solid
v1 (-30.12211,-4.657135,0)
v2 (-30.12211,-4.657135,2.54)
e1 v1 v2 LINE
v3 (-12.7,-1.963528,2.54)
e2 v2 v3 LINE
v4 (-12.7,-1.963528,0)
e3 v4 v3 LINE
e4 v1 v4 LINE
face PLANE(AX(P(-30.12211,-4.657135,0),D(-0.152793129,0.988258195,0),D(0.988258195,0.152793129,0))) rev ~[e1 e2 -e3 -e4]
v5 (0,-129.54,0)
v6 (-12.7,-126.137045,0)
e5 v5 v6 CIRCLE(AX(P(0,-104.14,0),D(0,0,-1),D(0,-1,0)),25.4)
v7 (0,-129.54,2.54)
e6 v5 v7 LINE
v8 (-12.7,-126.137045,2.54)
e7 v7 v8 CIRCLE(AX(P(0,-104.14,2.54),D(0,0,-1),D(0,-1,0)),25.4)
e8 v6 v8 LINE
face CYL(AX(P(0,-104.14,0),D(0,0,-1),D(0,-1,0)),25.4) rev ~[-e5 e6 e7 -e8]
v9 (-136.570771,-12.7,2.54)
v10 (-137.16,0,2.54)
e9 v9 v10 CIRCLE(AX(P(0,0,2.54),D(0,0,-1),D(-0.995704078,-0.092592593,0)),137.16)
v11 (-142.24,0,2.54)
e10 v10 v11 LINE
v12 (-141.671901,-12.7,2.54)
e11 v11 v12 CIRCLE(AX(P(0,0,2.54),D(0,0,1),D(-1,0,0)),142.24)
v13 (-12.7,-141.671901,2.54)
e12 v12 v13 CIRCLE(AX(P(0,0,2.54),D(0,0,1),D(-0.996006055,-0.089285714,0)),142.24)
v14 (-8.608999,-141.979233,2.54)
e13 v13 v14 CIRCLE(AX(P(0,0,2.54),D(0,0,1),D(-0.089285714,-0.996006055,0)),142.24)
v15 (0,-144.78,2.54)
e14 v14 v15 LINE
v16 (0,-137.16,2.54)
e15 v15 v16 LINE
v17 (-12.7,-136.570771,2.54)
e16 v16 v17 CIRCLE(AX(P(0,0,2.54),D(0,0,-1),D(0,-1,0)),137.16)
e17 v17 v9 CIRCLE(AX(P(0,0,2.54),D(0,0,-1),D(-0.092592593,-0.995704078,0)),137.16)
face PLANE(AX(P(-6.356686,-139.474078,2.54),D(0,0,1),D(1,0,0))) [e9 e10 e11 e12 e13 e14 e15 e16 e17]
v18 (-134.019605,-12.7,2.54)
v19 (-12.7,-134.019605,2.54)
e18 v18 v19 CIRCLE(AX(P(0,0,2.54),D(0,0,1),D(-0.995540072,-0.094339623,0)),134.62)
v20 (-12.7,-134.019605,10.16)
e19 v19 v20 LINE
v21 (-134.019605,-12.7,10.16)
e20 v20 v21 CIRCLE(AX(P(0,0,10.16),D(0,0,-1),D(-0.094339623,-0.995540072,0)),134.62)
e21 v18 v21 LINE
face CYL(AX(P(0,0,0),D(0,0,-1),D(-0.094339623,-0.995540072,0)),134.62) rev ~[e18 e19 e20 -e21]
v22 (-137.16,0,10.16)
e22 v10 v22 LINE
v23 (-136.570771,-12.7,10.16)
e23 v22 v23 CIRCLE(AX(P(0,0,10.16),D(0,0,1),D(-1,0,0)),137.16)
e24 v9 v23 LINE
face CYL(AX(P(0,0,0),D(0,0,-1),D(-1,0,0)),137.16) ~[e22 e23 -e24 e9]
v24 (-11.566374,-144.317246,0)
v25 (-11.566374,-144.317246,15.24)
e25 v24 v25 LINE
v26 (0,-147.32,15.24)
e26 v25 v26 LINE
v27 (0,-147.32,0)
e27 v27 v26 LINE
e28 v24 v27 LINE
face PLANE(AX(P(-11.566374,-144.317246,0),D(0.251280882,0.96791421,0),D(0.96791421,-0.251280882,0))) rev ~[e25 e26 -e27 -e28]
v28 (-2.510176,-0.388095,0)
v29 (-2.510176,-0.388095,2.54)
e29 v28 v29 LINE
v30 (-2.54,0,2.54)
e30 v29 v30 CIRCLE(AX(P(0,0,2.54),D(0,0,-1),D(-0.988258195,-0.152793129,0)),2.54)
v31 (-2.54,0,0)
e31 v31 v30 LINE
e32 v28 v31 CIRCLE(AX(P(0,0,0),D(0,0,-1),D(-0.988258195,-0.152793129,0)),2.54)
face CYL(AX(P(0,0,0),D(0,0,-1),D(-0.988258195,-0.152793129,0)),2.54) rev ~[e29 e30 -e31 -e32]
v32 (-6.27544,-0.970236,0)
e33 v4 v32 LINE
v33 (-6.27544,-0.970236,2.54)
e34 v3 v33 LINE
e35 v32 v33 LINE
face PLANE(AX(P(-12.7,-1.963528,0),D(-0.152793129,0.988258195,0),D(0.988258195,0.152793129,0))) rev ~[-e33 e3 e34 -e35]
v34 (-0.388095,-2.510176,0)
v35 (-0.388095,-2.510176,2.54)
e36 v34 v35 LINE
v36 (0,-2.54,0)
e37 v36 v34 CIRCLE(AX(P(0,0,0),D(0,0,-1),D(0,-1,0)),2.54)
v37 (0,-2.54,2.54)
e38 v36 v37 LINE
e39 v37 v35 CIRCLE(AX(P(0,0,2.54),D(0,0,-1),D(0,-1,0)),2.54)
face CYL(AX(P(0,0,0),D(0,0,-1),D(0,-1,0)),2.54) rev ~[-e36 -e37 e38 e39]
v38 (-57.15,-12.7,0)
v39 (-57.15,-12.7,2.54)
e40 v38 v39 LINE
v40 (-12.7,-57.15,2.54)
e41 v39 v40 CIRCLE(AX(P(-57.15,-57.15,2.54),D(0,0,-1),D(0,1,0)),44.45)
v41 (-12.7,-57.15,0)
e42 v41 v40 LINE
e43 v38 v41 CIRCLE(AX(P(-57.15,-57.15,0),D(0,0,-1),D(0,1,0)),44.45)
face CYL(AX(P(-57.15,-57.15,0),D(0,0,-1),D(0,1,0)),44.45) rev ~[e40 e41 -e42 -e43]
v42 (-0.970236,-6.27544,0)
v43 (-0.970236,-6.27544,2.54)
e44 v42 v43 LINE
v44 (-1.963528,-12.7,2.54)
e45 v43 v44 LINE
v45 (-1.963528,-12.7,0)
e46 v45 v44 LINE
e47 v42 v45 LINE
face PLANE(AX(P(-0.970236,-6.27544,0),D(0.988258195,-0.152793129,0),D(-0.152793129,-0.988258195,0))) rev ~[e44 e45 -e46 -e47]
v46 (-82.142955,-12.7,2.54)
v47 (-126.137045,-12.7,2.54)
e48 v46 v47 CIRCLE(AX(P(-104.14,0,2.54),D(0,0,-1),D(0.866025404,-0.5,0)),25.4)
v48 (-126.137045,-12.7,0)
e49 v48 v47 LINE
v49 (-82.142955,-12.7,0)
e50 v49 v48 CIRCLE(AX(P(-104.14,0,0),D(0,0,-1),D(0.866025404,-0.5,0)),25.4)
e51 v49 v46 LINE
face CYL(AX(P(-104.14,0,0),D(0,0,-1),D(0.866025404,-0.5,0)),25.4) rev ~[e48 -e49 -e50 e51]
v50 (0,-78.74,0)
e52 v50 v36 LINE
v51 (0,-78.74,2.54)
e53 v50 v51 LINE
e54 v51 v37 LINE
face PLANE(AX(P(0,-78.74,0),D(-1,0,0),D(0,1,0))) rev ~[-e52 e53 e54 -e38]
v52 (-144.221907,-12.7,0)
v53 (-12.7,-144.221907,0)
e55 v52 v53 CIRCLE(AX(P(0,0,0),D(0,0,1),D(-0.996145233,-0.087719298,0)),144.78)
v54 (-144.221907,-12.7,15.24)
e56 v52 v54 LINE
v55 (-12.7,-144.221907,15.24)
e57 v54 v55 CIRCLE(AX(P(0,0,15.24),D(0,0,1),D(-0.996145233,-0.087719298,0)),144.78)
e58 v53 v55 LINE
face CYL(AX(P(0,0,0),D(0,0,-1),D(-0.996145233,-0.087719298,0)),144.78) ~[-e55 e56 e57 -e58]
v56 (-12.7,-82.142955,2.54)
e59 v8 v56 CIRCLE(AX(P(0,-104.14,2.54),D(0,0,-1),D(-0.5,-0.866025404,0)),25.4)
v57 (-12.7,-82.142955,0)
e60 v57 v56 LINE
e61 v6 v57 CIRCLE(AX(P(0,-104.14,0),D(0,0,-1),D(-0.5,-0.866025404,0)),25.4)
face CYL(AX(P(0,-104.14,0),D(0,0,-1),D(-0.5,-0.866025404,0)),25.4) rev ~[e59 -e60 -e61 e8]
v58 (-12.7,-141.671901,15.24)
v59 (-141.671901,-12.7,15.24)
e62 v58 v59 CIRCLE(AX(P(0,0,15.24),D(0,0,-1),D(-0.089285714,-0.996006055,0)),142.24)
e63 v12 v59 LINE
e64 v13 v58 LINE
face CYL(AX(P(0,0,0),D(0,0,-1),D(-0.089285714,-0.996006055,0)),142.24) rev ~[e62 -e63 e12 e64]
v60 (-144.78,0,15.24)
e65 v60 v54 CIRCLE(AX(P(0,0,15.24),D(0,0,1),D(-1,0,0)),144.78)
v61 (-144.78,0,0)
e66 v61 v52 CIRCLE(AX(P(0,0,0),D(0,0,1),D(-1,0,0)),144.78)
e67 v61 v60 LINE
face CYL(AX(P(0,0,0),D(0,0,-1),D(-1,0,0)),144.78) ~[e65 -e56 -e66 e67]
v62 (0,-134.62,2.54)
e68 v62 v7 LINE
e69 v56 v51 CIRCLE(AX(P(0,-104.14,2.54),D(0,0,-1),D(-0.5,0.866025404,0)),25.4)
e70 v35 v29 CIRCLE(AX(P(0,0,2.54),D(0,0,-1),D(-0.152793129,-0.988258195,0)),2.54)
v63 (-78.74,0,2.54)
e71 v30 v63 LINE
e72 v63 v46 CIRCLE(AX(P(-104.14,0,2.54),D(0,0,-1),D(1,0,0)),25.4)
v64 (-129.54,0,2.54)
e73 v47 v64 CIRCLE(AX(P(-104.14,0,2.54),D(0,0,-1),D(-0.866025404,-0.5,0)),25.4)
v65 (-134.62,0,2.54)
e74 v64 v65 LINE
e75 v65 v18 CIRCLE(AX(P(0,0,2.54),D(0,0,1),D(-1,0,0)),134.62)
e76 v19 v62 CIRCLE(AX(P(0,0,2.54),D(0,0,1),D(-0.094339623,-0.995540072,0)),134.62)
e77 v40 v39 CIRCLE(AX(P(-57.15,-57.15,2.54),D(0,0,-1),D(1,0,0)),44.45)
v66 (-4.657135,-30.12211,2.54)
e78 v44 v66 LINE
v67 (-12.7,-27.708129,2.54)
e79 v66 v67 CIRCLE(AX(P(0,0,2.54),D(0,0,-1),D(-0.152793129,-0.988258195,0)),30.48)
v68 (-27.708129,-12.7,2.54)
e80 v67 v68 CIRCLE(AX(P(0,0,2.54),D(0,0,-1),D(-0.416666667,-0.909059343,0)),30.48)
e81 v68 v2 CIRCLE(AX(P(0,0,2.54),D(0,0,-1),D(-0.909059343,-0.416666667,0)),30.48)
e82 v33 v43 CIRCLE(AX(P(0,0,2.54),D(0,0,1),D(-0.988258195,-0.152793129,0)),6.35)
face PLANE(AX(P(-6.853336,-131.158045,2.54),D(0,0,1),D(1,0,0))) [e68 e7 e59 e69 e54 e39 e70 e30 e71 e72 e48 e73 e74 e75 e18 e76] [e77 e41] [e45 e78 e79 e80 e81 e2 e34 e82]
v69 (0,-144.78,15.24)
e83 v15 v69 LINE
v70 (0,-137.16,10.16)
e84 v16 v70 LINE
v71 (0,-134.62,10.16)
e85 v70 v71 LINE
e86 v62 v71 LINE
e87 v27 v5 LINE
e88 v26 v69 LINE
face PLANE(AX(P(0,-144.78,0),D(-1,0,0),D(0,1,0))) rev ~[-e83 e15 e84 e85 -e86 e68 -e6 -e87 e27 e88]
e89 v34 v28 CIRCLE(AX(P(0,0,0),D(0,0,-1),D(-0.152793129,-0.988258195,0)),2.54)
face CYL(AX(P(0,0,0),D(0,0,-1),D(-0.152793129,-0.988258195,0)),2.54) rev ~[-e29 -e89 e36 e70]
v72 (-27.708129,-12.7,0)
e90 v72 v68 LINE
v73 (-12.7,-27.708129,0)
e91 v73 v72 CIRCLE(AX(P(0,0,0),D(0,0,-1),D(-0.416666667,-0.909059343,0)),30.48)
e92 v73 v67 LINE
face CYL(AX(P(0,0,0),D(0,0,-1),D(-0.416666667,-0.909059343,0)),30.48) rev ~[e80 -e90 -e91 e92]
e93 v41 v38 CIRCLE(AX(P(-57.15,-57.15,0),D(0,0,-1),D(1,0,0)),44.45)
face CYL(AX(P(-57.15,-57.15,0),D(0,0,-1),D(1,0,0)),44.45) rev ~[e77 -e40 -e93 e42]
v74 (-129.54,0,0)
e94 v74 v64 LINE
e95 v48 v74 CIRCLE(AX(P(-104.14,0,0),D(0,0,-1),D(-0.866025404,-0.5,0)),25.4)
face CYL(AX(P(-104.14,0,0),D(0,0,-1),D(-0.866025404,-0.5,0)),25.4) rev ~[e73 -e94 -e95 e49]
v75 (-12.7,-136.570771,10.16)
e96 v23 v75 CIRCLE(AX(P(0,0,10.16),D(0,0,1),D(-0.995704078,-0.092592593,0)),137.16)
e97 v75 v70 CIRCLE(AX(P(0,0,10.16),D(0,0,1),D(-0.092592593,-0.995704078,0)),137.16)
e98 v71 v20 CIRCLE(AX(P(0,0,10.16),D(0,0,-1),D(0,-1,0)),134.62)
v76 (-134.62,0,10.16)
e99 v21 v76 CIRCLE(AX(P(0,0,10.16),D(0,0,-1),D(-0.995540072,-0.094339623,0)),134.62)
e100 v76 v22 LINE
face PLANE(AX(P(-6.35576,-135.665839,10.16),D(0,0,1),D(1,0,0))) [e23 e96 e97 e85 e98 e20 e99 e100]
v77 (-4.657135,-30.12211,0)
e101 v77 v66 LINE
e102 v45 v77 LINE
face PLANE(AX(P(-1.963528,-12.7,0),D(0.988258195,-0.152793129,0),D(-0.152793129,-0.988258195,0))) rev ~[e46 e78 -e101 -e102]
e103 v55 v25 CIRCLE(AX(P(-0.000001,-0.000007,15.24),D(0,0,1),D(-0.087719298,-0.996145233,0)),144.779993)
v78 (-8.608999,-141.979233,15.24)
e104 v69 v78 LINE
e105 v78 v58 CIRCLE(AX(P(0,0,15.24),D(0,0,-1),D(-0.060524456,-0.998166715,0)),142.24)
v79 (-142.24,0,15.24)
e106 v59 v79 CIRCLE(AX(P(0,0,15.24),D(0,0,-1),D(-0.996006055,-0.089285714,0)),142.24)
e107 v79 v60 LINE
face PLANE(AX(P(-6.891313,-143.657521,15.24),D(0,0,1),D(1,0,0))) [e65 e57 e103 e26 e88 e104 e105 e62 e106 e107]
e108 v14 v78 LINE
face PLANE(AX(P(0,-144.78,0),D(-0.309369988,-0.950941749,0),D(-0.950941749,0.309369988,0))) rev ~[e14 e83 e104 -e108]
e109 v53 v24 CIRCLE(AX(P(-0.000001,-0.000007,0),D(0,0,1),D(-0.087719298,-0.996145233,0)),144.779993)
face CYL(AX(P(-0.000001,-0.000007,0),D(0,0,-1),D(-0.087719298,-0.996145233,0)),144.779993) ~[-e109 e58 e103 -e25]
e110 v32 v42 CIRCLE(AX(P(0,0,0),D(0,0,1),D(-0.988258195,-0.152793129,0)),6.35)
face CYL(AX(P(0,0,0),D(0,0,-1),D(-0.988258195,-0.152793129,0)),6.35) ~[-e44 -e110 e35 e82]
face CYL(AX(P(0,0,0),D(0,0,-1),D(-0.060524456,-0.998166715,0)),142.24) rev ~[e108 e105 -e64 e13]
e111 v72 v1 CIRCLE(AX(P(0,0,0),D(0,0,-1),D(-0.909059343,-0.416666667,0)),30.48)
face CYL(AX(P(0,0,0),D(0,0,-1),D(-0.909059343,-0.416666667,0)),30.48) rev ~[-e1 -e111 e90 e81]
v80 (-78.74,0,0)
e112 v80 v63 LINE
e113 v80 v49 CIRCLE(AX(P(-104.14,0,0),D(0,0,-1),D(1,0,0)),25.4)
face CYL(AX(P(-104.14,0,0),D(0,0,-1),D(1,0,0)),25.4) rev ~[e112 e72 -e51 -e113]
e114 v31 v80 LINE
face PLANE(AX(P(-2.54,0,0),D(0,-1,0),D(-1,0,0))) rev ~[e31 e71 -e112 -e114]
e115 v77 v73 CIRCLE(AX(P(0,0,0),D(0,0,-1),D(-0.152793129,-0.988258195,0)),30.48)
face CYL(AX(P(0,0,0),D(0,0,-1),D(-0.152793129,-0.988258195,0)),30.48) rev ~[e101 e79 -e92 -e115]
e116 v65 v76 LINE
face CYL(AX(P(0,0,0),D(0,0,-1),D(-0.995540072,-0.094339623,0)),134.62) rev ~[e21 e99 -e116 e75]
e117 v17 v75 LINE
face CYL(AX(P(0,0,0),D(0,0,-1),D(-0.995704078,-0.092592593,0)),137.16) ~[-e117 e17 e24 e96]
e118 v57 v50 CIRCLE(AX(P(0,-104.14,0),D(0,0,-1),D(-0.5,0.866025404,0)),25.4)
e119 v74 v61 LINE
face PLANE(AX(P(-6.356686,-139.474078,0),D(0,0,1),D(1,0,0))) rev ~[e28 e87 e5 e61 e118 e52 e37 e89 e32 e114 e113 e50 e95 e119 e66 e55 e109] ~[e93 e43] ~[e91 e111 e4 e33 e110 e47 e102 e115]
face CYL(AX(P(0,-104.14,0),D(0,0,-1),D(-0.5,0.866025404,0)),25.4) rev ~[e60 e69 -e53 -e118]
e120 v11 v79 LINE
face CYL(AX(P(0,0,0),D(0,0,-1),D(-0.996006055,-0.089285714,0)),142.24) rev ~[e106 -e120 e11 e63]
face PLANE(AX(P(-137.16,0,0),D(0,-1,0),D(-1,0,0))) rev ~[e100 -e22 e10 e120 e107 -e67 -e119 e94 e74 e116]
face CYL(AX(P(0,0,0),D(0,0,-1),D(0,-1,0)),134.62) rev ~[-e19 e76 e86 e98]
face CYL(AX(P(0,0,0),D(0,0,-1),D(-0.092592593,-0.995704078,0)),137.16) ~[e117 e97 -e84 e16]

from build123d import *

# Parameters (mm, degrees)
F1_DEPTH = 2.54
F2_DEPTH = 10.16
F3_DEPTH = 2.54
F4_DEPTH = 15.24


with BuildPart() as f1:
    # F0 (on Top) → F1 (new body)
    with BuildSketch(Plane.XY):
        with BuildLine():
            ThreePointArc((-12.7, -134.0196045361), (-6.3570919986, -134.4698173618), (0, -134.62))
            Line((0, -134.62), (0, -129.54))
            ThreePointArc((0, -129.54), (-6.5740037456, -128.6745159877), (-12.7, -126.1370452561))
            Line((-12.7, -126.1370452561), (-12.7, -134.0196045361))
        make_face()
        with BuildLine():
            ThreePointArc((-134.0196045361, -12.7), (-95.1907148833, -95.1907148833), (-12.7, -134.0196045361))
            Line((-12.7, -134.0196045361), (-12.7, -126.1370452561))
            ThreePointArc((-12.7, -126.1370452561), (-25.4, -104.14), (-12.7, -82.1429547439))
            Line((-12.7, -82.1429547439), (-12.7, -57.15))
            ThreePointArc((-12.7, -57.15), (-88.5808964237, -88.5808964237), (-57.15, -12.7))
            Line((-57.15, -12.7), (-82.1429547439, -12.7))
            ThreePointArc((-82.1429547439, -12.7), (-104.14, -25.4), (-126.1370452561, -12.7))
            Line((-126.1370452561, -12.7), (-134.0196045361, -12.7))
        make_face()
        with BuildLine():
            ThreePointArc((-2.510175815, -0.3880945475), (-2.5325329781, -0.1946194105), (-2.54, 0))
            Line((-2.54, 0), (-6.35, 0))
            ThreePointArc((-6.35, 0), (-6.3313324452, -0.4865485263), (-6.2754395375, -0.9702363687))
            Line((-6.2754395375, -0.9702363687), (-2.510175815, -0.3880945475))
        make_face()
        with BuildLine():
            ThreePointArc((-134.62, 0), (-134.4698173618, -6.3570919986), (-134.0196045361, -12.7))
            Line((-134.0196045361, -12.7), (-126.1370452561, -12.7))
            ThreePointArc((-126.1370452561, -12.7), (-128.6745159877, -6.5740037456), (-129.54, 0))
            Line((-129.54, 0), (-134.62, 0))
        make_face()
        with BuildLine():
            ThreePointArc((-57.15, -12.7), (-25.7191035763, -25.7191035763), (-12.7, -57.15))
            Line((-12.7, -57.15), (-12.7, -27.7081287712))
            ThreePointArc((-12.7, -27.7081287712), (-21.5526146906, -21.5526146906), (-27.7081287712, -12.7))
            Line((-27.7081287712, -12.7), (-57.15, -12.7))
        make_face()
        with BuildLine():
            Line((-30.12210978, -4.6571345698), (-82.1429547439, -12.7))
            Line((-82.1429547439, -12.7), (-57.15, -12.7))
            Line((-57.15, -12.7), (-27.7081287712, -12.7))
            ThreePointArc((-27.7081287712, -12.7), (-29.1934246673, -8.7620977053), (-30.12210978, -4.6571345698))
        make_face()
        with BuildLine():
            Line((-12.7, -57.15), (-12.7, -82.1429547439))
            Line((-12.7, -82.1429547439), (-4.6571345698, -30.12210978))
            ThreePointArc((-4.6571345698, -30.12210978), (-8.7620977053, -29.1934246673), (-12.7, -27.7081287712))
            Line((-12.7, -27.7081287712), (-12.7, -57.15))
        make_face()
        with BuildLine():
            ThreePointArc((-12.7, -82.1429547439), (-6.5740037456, -79.6054840123), (0, -78.74))
            Line((0, -78.74), (0, -30.48))
            ThreePointArc((0, -30.48), (-2.3354329262, -30.3903957369), (-4.6571345698, -30.12210978))
            Line((-4.6571345698, -30.12210978), (-12.7, -82.1429547439))
        make_face()
        with BuildLine():
            ThreePointArc((-4.6571345698, -30.12210978), (-2.3354329262, -30.3903957369), (0, -30.48))
            Line((0, -30.48), (0, -12.7))
            Line((0, -12.7), (-1.9635281017, -12.7))
            Line((-1.9635281017, -12.7), (-4.6571345698, -30.12210978))
        make_face()
        with BuildLine():
            Line((-1.9635281017, -12.7), (0, -12.7))
            Line((0, -12.7), (0, -6.35))
            ThreePointArc((0, -6.35), (-0.4865485263, -6.3313324452), (-0.9702363687, -6.2754395375))
            Line((-0.9702363687, -6.2754395375), (-1.9635281017, -12.7))
        make_face()
        with BuildLine():
            ThreePointArc((-0.9702363687, -6.2754395375), (-0.4865485263, -6.3313324452), (0, -6.35))
            Line((0, -6.35), (0, -2.54))
            ThreePointArc((0, -2.54), (-0.1946194105, -2.5325329781), (-0.3880945475, -2.510175815))
            Line((-0.3880945475, -2.510175815), (-0.9702363687, -6.2754395375))
        make_face()
        with BuildLine():
            Line((-0.9702363687, -6.2754395375), (-0.3880945475, -2.510175815))
            ThreePointArc((-0.3880945475, -2.510175815), (-1.7960512242, -1.7960512242), (-2.510175815, -0.3880945475))
            Line((-2.510175815, -0.3880945475), (-6.2754395375, -0.9702363687))
            ThreePointArc((-6.2754395375, -0.9702363687), (-4.4901280605, -4.4901280605), (-0.9702363687, -6.2754395375))
        make_face()
        with BuildLine():
            ThreePointArc((-30.48, 0), (-30.3903957369, -2.3354329262), (-30.12210978, -4.6571345698))
            Line((-30.12210978, -4.6571345698), (-12.7, -1.9635281017))
            Line((-12.7, -1.9635281017), (-12.7, 0))
            Line((-12.7, 0), (-30.48, 0))
        make_face()
        with BuildLine():
            Line((-12.7, 0), (-12.7, -1.9635281017))
            Line((-12.7, -1.9635281017), (-6.2754395375, -0.9702363687))
            ThreePointArc((-6.2754395375, -0.9702363687), (-6.3313324452, -0.4865485263), (-6.35, 0))
            Line((-6.35, 0), (-12.7, 0))
        make_face()
        with BuildLine():
            ThreePointArc((-78.74, 0), (-79.6054840123, -6.5740037456), (-82.1429547439, -12.7))
            Line((-82.1429547439, -12.7), (-30.12210978, -4.6571345698))
            ThreePointArc((-30.12210978, -4.6571345698), (-30.3903957369, -2.3354329262), (-30.48, 0))
            Line((-30.48, 0), (-78.74, 0))
        make_face()
    extrude(amount=F1_DEPTH)

    # F0 (on Top) → F2 (join)
    with BuildSketch(Plane.XY):
        with BuildLine():
            Line((0, -137.16), (0, -134.62))
            ThreePointArc((0, -134.62), (-6.3570919986, -134.4698173618), (-12.7, -134.0196045361))
            Line((-12.7, -134.0196045361), (-12.7, -136.5707713971))
            ThreePointArc((-12.7, -136.5707713971), (-6.3568307817, -137.0126136617), (0, -137.16))
        make_face()
        with BuildLine():
            Line((-12.7, -136.5707713971), (-12.7, -134.0196045361))
            ThreePointArc((-12.7, -134.0196045361), (-95.1907148833, -95.1907148833), (-134.0196045361, -12.7))
            Line((-134.0196045361, -12.7), (-136.5707713971, -12.7))
            ThreePointArc((-136.5707713971, -12.7), (-96.9867661075, -96.9867661075), (-12.7, -136.5707713971))
        make_face()
        with BuildLine():
            Line((-136.5707713971, -12.7), (-134.0196045361, -12.7))
            ThreePointArc((-134.0196045361, -12.7), (-134.4698173618, -6.3570919986), (-134.62, 0))
            Line((-134.62, 0), (-137.16, 0))
            ThreePointArc((-137.16, 0), (-137.0126136617, -6.3568307817), (-136.5707713971, -12.7))
        make_face()
    extrude(amount=F2_DEPTH)

    # F0 (on Top) → F3 (join)
    with BuildSketch(Plane.XY):
        with BuildLine():
            Line((0, -142.24), (0, -137.16))
            ThreePointArc((0, -137.16), (-6.3568307817, -137.0126136617), (-12.7, -136.5707713971))
            Line((-12.7, -136.5707713971), (-12.7, -141.6719012366))
            ThreePointArc((-12.7, -141.6719012366), (-10.6556073906, -141.8403173683), (-8.6089986235, -141.979233491))
            ThreePointArc((-8.6089986235, -141.979233491), (-4.306473513, -142.1747934265), (0, -142.24))
        make_face()
        with BuildLine():
            Line((0, -144.78), (0, -142.24))
            ThreePointArc((0, -142.24), (-4.306473513, -142.1747934265), (-8.6089986235, -141.979233491))
            Line((-8.6089986235, -141.979233491), (0, -144.78))
        make_face()
        with BuildLine():
            Line((-12.7, -141.6719012366), (-12.7, -136.5707713971))
            ThreePointArc((-12.7, -136.5707713971), (-96.9867661075, -96.9867661075), (-136.5707713971, -12.7))
            Line((-136.5707713971, -12.7), (-141.6719012366, -12.7))
            ThreePointArc((-141.6719012366, -12.7), (-100.578868556, -100.578868556), (-12.7, -141.6719012366))
        make_face()
        with BuildLine():
            Line((-141.6719012366, -12.7), (-136.5707713971, -12.7))
            ThreePointArc((-136.5707713971, -12.7), (-137.0126136617, -6.3568307817), (-137.16, 0))
            Line((-137.16, 0), (-142.24, 0))
            ThreePointArc((-142.24, 0), (-142.0979043334, -6.3563499), (-141.6719012366, -12.7))
        make_face()
    extrude(amount=F3_DEPTH)

    # F0 (on Top) → F4 (join)
    with BuildSketch(Plane.XY):
        with BuildLine():
            ThreePointArc((-8.6089986235, -141.979233491), (-10.6556073906, -141.8403173683), (-12.7, -141.6719012366))
            Line((-12.7, -141.6719012366), (-12.7, -144.2219067964))
            ThreePointArc((-12.7, -144.2219067964), (-12.1332804652, -144.2706896953), (-11.5663736451, -144.3172456801))
            ThreePointArc((-11.5663736451, -144.3172456801), (-5.787813509, -144.6642651617), (0, -144.78))
            Line((0, -144.78), (-8.6089986235, -141.979233491))
        make_face()
        with BuildLine():
            Line((0, -147.32), (0, -144.78))
            ThreePointArc((0, -144.78), (-5.787813509, -144.6642651617), (-11.5663736451, -144.3172456801))
            Line((-11.5663736451, -144.3172456801), (0, -147.32))
        make_face()
        with BuildLine():
            Line((-12.7, -144.2219067964), (-12.7, -141.6719012366))
            ThreePointArc((-12.7, -141.6719012366), (-100.578868556, -100.578868556), (-141.6719012366, -12.7))
            Line((-141.6719012366, -12.7), (-144.2219067964, -12.7))
            ThreePointArc((-144.2219067964, -12.7), (-102.3749197802, -102.3749197802), (-12.7, -144.2219067964))
        make_face()
        with BuildLine():
            Line((-144.2219067964, -12.7), (-141.6719012366, -12.7))
            ThreePointArc((-141.6719012366, -12.7), (-142.0979043334, -6.3563499), (-142.24, 0))
            Line((-142.24, 0), (-144.78, 0))
            ThreePointArc((-144.78, 0), (-144.6404094055, -6.3561283031), (-144.2219067964, -12.7))
        make_face()
    extrude(amount=F4_DEPTH)


solid = f1.part
